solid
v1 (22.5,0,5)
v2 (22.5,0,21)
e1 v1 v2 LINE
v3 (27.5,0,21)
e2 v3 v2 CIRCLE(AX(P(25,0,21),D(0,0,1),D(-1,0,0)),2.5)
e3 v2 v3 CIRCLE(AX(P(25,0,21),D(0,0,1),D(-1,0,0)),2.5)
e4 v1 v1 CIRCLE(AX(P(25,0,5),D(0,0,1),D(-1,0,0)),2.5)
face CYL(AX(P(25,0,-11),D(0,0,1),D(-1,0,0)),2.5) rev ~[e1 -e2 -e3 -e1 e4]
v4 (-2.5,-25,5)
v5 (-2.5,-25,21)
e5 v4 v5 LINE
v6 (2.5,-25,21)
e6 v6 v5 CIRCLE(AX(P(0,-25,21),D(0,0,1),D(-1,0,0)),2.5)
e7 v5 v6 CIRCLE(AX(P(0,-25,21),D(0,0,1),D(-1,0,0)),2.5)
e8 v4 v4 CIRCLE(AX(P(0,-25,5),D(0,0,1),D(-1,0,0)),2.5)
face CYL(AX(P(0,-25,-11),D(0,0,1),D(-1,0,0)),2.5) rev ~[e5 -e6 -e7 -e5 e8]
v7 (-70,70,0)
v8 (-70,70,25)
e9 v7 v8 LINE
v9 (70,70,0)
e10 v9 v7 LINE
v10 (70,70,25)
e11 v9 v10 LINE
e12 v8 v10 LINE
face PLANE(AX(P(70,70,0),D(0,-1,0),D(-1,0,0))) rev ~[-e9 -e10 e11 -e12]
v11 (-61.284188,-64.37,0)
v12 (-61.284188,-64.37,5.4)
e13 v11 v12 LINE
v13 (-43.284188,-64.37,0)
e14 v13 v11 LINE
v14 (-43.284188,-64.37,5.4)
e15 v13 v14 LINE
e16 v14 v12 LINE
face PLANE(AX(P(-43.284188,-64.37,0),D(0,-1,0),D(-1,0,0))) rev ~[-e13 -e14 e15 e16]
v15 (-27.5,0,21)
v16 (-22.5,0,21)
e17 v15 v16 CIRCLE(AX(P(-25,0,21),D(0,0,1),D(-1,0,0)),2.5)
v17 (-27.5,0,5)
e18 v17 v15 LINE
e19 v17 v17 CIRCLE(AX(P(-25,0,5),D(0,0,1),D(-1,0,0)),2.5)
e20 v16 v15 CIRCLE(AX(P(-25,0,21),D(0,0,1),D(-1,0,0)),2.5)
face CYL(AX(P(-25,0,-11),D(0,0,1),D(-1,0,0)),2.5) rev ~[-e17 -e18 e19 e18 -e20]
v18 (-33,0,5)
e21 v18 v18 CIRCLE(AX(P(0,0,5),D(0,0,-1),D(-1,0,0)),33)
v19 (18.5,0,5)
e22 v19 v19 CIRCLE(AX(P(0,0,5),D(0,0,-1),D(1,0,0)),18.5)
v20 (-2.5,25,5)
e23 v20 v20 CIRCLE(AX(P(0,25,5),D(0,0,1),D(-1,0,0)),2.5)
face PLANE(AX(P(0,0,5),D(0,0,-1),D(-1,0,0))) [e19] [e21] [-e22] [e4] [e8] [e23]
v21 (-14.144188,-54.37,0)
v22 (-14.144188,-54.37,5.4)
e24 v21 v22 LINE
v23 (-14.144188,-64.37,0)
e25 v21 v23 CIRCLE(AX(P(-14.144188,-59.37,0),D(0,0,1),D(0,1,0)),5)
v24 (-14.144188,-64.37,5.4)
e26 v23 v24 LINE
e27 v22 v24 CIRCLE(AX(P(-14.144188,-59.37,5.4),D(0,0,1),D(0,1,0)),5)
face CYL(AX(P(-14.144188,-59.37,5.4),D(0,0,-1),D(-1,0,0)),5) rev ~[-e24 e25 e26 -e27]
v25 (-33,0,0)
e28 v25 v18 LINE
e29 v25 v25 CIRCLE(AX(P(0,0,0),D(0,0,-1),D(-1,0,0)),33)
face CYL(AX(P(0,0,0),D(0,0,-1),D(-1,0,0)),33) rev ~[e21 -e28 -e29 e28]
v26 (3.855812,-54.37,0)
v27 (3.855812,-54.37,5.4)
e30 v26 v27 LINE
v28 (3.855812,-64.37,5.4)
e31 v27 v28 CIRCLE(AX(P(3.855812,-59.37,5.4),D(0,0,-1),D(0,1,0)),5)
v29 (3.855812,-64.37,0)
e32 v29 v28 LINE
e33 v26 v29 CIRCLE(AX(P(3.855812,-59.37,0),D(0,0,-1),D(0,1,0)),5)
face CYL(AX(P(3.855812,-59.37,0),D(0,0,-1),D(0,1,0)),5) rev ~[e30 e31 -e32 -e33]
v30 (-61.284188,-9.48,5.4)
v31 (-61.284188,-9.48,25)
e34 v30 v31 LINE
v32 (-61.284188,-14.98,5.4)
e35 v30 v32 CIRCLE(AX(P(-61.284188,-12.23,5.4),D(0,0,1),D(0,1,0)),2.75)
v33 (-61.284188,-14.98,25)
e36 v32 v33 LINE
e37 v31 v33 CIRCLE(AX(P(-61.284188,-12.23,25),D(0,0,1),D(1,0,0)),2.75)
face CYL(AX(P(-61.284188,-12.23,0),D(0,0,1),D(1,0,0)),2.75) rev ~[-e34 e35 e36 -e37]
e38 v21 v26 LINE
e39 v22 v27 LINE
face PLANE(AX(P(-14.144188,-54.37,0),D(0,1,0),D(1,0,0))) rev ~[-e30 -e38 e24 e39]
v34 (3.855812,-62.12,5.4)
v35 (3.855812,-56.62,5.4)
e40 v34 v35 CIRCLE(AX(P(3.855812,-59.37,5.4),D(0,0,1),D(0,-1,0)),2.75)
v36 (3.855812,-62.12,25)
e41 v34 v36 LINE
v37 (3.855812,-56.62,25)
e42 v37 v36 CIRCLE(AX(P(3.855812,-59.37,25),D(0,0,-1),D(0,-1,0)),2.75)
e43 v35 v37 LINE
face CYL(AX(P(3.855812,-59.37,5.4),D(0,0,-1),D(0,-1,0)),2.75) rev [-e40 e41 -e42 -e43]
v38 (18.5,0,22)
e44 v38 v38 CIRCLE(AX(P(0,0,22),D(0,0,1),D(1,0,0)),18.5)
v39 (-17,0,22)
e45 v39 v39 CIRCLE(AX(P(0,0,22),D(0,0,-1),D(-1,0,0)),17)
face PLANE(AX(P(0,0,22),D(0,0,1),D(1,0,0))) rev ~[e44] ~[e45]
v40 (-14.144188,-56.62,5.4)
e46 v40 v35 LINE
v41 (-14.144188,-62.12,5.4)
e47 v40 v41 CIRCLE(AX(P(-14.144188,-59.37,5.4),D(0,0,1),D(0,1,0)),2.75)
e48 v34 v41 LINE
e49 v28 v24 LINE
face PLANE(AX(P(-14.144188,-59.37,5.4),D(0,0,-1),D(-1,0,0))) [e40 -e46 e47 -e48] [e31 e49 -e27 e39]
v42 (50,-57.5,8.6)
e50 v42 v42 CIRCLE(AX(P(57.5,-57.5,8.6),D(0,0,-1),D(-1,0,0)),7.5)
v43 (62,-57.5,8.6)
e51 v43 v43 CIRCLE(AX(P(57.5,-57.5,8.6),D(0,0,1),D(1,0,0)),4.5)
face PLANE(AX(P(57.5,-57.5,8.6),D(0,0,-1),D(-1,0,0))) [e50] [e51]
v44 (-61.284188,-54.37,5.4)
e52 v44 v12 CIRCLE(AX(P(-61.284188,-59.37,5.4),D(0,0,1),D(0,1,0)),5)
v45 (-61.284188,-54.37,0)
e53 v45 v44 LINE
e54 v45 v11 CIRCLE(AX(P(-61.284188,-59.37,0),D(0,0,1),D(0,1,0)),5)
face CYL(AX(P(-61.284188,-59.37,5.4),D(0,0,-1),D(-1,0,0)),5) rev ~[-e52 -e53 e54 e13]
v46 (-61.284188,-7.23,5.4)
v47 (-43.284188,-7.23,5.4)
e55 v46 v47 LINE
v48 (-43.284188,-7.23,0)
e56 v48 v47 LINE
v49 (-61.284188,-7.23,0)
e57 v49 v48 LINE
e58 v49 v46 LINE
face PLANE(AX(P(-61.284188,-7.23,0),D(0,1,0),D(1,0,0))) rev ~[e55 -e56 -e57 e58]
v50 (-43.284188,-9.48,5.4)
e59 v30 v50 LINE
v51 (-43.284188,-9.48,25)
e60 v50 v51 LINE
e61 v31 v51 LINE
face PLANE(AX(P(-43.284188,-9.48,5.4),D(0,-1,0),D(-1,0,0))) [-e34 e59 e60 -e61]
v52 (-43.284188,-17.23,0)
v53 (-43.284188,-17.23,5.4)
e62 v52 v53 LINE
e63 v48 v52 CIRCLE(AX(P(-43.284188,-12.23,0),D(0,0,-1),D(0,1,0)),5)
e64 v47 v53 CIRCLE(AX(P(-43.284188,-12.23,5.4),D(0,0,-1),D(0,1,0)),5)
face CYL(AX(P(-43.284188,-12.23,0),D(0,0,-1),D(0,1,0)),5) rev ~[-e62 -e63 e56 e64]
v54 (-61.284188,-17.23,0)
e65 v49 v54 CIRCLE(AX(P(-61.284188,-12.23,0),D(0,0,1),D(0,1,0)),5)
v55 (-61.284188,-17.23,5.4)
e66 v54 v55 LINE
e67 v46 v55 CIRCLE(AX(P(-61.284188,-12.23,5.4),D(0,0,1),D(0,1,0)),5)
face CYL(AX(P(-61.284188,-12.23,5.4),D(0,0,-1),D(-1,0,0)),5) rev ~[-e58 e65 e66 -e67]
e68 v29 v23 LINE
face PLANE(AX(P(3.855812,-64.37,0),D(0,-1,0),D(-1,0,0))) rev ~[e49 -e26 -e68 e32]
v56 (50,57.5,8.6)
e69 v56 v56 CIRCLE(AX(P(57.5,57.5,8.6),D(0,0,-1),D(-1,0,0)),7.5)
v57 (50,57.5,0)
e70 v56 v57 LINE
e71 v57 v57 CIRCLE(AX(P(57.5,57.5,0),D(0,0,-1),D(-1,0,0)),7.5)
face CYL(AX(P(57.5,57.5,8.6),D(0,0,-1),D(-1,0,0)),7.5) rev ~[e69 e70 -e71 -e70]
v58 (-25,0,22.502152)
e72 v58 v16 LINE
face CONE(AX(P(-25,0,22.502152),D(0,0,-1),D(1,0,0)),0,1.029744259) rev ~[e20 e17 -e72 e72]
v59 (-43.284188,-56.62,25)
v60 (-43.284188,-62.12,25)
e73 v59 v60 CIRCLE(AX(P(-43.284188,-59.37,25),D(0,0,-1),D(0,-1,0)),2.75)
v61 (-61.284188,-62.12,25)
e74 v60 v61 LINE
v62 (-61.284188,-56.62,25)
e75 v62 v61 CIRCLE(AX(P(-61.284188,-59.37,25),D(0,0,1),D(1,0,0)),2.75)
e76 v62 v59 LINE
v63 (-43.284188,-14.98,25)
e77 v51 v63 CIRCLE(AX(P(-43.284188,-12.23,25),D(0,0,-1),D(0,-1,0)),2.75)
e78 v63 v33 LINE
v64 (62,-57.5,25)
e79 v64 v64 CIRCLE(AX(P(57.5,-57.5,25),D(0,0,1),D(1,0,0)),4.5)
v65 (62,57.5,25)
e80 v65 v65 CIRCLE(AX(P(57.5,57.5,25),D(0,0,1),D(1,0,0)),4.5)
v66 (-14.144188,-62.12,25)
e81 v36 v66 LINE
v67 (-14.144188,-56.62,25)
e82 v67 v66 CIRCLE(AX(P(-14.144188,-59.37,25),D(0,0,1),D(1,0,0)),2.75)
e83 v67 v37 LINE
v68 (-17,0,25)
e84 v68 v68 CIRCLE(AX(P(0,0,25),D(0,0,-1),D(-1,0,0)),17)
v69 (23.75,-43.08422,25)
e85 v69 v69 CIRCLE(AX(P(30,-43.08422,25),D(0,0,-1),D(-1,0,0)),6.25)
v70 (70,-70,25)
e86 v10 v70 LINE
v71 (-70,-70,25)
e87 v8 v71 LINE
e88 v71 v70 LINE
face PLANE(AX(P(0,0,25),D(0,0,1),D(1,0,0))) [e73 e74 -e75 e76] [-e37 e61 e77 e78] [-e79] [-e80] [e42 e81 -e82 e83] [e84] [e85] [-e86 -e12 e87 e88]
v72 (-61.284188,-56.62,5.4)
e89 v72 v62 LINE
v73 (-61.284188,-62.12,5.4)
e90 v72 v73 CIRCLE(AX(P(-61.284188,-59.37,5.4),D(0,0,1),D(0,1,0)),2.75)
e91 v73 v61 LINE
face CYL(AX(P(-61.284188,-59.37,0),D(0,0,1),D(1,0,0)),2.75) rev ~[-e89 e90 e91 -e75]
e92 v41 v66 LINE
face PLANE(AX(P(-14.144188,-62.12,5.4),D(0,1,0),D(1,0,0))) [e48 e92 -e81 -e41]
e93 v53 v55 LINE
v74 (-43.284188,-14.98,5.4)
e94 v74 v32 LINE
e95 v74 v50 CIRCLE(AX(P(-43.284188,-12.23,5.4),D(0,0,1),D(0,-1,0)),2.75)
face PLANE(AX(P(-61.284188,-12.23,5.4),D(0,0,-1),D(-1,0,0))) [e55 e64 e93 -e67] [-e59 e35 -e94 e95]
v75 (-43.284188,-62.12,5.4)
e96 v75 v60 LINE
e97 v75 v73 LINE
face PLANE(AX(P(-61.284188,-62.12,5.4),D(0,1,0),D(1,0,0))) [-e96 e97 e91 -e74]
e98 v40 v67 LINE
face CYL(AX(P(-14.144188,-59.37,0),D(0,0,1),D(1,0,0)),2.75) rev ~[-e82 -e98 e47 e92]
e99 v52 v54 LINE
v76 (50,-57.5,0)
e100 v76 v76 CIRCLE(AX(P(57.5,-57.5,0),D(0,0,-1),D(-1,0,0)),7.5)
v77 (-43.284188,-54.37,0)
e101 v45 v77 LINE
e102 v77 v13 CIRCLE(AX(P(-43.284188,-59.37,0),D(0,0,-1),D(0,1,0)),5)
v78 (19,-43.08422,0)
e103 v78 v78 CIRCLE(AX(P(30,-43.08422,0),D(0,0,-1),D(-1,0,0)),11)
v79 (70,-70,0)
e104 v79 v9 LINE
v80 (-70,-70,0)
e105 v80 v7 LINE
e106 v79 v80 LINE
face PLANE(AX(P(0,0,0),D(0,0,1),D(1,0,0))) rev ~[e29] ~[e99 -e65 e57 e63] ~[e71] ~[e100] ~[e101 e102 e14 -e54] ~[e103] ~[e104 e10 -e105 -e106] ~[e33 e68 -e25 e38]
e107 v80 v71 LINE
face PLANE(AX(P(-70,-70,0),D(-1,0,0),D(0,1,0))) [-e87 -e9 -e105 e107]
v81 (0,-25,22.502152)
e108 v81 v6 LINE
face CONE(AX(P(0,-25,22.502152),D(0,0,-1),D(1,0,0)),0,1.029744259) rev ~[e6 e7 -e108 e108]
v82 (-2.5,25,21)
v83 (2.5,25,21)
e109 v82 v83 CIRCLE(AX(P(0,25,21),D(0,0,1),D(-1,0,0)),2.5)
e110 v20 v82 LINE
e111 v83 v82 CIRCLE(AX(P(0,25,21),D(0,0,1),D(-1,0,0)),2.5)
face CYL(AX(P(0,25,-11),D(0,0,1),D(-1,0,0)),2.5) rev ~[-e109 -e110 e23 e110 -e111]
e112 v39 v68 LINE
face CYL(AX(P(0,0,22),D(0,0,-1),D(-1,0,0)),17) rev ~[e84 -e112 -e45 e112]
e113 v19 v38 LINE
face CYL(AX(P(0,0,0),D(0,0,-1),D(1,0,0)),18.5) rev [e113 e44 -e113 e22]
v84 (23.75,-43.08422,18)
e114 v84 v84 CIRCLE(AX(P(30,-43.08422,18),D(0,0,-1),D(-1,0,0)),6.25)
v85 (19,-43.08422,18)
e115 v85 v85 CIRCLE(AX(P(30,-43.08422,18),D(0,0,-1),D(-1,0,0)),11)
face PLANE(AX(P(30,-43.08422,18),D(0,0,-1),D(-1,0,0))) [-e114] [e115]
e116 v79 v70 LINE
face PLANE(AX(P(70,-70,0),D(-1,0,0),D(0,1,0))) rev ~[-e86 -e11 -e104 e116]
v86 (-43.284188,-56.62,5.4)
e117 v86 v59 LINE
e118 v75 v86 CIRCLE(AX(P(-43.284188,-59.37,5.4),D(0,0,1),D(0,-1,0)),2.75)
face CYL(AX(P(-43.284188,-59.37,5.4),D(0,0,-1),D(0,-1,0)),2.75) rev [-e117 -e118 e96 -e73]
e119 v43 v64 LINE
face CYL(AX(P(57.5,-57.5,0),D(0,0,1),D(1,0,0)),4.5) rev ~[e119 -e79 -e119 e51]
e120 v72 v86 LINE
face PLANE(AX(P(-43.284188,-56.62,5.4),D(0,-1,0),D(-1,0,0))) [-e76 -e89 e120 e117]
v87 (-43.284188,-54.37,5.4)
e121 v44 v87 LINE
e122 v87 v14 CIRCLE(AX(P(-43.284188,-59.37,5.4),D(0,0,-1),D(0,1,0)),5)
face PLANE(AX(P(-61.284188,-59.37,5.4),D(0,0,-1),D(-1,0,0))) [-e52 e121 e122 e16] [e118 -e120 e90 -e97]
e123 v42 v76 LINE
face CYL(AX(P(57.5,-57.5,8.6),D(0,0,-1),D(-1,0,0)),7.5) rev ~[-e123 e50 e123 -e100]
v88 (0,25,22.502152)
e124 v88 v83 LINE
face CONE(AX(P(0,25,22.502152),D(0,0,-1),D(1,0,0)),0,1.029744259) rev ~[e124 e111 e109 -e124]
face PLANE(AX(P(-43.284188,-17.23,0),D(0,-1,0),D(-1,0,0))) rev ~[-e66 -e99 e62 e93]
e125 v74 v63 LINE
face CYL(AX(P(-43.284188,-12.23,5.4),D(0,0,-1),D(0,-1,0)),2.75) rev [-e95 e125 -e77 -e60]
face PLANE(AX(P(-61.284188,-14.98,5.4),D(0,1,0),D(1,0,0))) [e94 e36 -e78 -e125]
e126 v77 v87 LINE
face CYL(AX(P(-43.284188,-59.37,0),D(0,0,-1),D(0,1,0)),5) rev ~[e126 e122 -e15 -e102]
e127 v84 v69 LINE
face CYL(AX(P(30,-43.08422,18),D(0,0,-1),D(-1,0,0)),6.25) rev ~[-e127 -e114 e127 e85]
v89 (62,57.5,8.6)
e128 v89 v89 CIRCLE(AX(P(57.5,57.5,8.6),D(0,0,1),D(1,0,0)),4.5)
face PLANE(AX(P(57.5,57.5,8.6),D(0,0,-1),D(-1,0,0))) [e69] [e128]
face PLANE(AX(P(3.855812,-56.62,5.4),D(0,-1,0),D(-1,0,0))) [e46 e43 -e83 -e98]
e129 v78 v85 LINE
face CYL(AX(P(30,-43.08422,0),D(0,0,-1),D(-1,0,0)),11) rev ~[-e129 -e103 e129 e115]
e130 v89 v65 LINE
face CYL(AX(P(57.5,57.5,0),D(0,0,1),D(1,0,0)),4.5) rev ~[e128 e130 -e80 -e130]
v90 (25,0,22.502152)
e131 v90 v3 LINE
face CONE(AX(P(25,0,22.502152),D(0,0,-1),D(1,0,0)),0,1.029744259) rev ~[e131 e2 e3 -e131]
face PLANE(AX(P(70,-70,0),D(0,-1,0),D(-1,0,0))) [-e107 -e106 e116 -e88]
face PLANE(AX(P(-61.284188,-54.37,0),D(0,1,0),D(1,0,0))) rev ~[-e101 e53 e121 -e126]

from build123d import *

# Parameters (mm, degrees)
ESQUISSE1_W                                        = 150
ESQUISSE1_H                                        = 150
BOSS_EXTRU_1_DEPTH                                 = 25
CHAMBRAGE_POUR_VIS_T_TE_HEXAGONALE_M81_D           = 9
CHAMBRAGE_POUR_VIS_T_TE_HEXAGONALE_M81_CBORE_D     = 15
CHAMBRAGE_POUR_VIS_T_TE_HEXAGONALE_M81_CBORE_DEPTH = 8.6
CHAMBRAGE_POUR_VIS_T_TE_HEXAGONALE_M51_D           = 5.5
CHAMBRAGE_POUR_VIS_T_TE_HEXAGONALE_M51_CBORE_D     = 10
CHAMBRAGE_POUR_VIS_T_TE_HEXAGONALE_M51_CBORE_DEPTH = 5.4
ESQUISSE13_R                                       = 18.5
ENL_V_MAT_EXTRU_1_DEPTH                            = 22
ESQUISSE14_R                                       = 17
ENL_V_MAT_EXTRU_2_DEPTH                            = 4
ESQUISSE31_R                                       = 33
ENL_V_MAT_EXTRU_11_DEPTH                           = 5
TROU_POUR_TARAUDAGE_POUR_TROU_TARAUD_M6_D          = 5
TROU_POUR_TARAUDAGE_POUR_TROU_TARAUD_M6_DEPTH      = 16
TROU_POUR_TARAUDAGE_POUR_TROU_TARAUD_M6_TIP        = 1.502151548
ESQUISSE27_R                                       = 11
ENL_V_MAT_EXTRU_7_DEPTH                            = 18
ESQUISSE28_R                                       = 6.25
ENL_V_MAT_EXTRU_8_DEPTH                            = 8
ENL_V_MAT_EXTRU_9_DEPTH                            = 20.6
ENL_V_MAT_EXTRU_10_DEPTH                           = 5.4
ESQUISSE32_R                                       = 129.983308099
ESQUISSE32_W                                       = 140
ESQUISSE32_H                                       = 140
ENL_V_MAT_EXTRU_12_DEPTH                           = 26


with BuildPart() as part:
    # Esquisse1 → Boss.-Extru.1 (new body)
    with BuildSketch(Plane.XY):
        Rectangle(ESQUISSE1_W, ESQUISSE1_H)
    extrude(amount=BOSS_EXTRU_1_DEPTH)

    # Chambrage pour vis à tête hexagonale M81 (through all)
    with Locations(Plane(origin=(0, 0, 0), x_dir=(-1, 0, 0), z_dir=(0, 0, -1))):
        with Locations((-57.5, -57.5), (-57.5, 57.5)):
            CounterBoreHole(CHAMBRAGE_POUR_VIS_T_TE_HEXAGONALE_M81_D / 2, CHAMBRAGE_POUR_VIS_T_TE_HEXAGONALE_M81_CBORE_D / 2, CHAMBRAGE_POUR_VIS_T_TE_HEXAGONALE_M81_CBORE_DEPTH)

    # Chambrage pour vis à tête hexagonale M51 (through all)
    with Locations(Plane(origin=(0, 0, 0), x_dir=(-1, 0, 0), z_dir=(0, 0, -1))):
        with Locations((14.144188312, -59.37), (61.284188312, -59.37), (61.284188312, -12.23)):
            CounterBoreHole(CHAMBRAGE_POUR_VIS_T_TE_HEXAGONALE_M51_D / 2, CHAMBRAGE_POUR_VIS_T_TE_HEXAGONALE_M51_CBORE_D / 2, CHAMBRAGE_POUR_VIS_T_TE_HEXAGONALE_M51_CBORE_DEPTH)

    # Esquisse13 → Enlèv. mat.-Extru.1 (cut)
    with BuildSketch(Plane.XY):
        Circle(ESQUISSE13_R)
    extrude(amount=ENL_V_MAT_EXTRU_1_DEPTH, mode=Mode.SUBTRACT)

    # Esquisse14 → Enlèv. mat.-Extru.2 (cut, through all)
    with BuildSketch(Plane(origin=(0, 0, 22), x_dir=(-1, 0, 0), z_dir=(0, 0, -1))):
        Circle(ESQUISSE14_R)
    extrude(amount=-ENL_V_MAT_EXTRU_2_DEPTH, mode=Mode.SUBTRACT)

    # Esquisse31 → Enlèv. mat.-Extru.11 (cut)
    with BuildSketch(Plane(origin=(0, 0, 0), x_dir=(-1, 0, 0), z_dir=(0, 0, -1))):
        Circle(ESQUISSE31_R)
    extrude(amount=-ENL_V_MAT_EXTRU_11_DEPTH, mode=Mode.SUBTRACT)

    # Trou pour taraudage pour trou taraudé M61
    with Locations(Plane(origin=(0, 0, 5), x_dir=(1, 0, 0), z_dir=(0, 0, -1))):
        with Locations((0, 25), (-25, 0), (0, -25), (25, 0), (0, 0)):
            Hole(TROU_POUR_TARAUDAGE_POUR_TROU_TARAUD_M6_D / 2, depth=TROU_POUR_TARAUDAGE_POUR_TROU_TARAUD_M6_DEPTH)
            with Locations((0, 0, -(TROU_POUR_TARAUDAGE_POUR_TROU_TARAUD_M6_DEPTH + TROU_POUR_TARAUDAGE_POUR_TROU_TARAUD_M6_TIP / 2))):  # 118° drill point
                Cone(0, TROU_POUR_TARAUDAGE_POUR_TROU_TARAUD_M6_D / 2, TROU_POUR_TARAUDAGE_POUR_TROU_TARAUD_M6_TIP, mode=Mode.SUBTRACT)

    # Esquisse27 → Enlèv. mat.-Extru.7 (cut)
    with BuildSketch(Plane(origin=(0, 0, 0), x_dir=(-1, 0, 0), z_dir=(0, 0, -1))):
        with Locations((-30, -43.084219849)):
            Circle(ESQUISSE27_R)
    extrude(amount=-ENL_V_MAT_EXTRU_7_DEPTH, mode=Mode.SUBTRACT)

    # Esquisse28 → Enlèv. mat.-Extru.8 (cut, through all)
    with BuildSketch(Plane(origin=(0, 0, 18), x_dir=(-1, 0, 0), z_dir=(0, 0, -1))):
        with Locations((-30, -43.084219849)):
            Circle(ESQUISSE28_R)
    extrude(amount=-ENL_V_MAT_EXTRU_8_DEPTH, mode=Mode.SUBTRACT)

    # Esquisse29 → Enlèv. mat.-Extru.9 (cut, through all)
    with BuildSketch(Plane(origin=(0, 0, 5.4), x_dir=(-1, 0, 0), z_dir=(0, 0, -1))):
        with BuildLine():
            Line((61.284188312, -62.12), (43.284188312, -62.12))
            ThreePointArc((43.284188312, -62.12), (40.534188312, -59.37), (43.284188312, -56.62))
            Line((43.284188312, -56.62), (61.284188312, -56.62))
            ThreePointArc((61.284188312, -56.62), (64.034188312, -59.37), (61.284188312, -62.12))
        make_face()
        with BuildLine():
            Line((14.144188312, -62.12), (-3.855811688, -62.12))
            ThreePointArc((-3.855811688, -62.12), (-6.605811688, -59.37), (-3.855811688, -56.62))
            Line((-3.855811688, -56.62), (14.144188312, -56.62))
            ThreePointArc((14.144188312, -56.62), (16.894188312, -59.37), (14.144188312, -62.12))
        make_face()
        with BuildLine():
            Line((61.284188312, -14.98), (43.284188312, -14.98))
            ThreePointArc((43.284188312, -14.98), (40.534188312, -12.23), (43.284188312, -9.48))
            Line((43.284188312, -9.48), (61.284188312, -9.48))
            ThreePointArc((61.284188312, -9.48), (64.034188312, -12.23), (61.284188312, -14.98))
        make_face()
    extrude(amount=-ENL_V_MAT_EXTRU_9_DEPTH, mode=Mode.SUBTRACT)

    # Esquisse30 → Enlèv. mat.-Extru.10 (cut)
    with BuildSketch(Plane(origin=(0, 0, 0), x_dir=(-1, 0, 0), z_dir=(0, 0, -1))):
        with BuildLine():
            Line((-3.855811688, -64.37), (14.144188312, -64.37))
            ThreePointArc((14.144188312, -64.37), (19.144188312, -59.37), (14.144188312, -54.37))
            Line((14.144188312, -54.37), (-3.855811688, -54.37))
            ThreePointArc((-3.855811688, -54.37), (-8.855811688, -59.37), (-3.855811688, -64.37))
        make_face()
        with BuildLine():
            Line((43.284188312, -64.37), (61.284188312, -64.37))
            ThreePointArc((61.284188312, -64.37), (66.284188312, -59.37), (61.284188312, -54.37))
            Line((61.284188312, -54.37), (43.284188312, -54.37))
            ThreePointArc((43.284188312, -54.37), (38.284188312, -59.37), (43.284188312, -64.37))
        make_face()
        with BuildLine():
            Line((43.284188312, -17.23), (61.284188312, -17.23))
            ThreePointArc((61.284188312, -17.23), (66.284188312, -12.23), (61.284188312, -7.23))
            Line((61.284188312, -7.23), (43.284188312, -7.23))
            ThreePointArc((43.284188312, -7.23), (38.284188312, -12.23), (43.284188312, -17.23))
        make_face()
    extrude(amount=-ENL_V_MAT_EXTRU_10_DEPTH, mode=Mode.SUBTRACT)

    # Esquisse32 → Enlèv. mat.-Extru.12 (cut, through all)
    with BuildSketch(Plane(origin=(0, 0, 0), x_dir=(-1, 0, 0), z_dir=(0, 0, -1))):
        Circle(ESQUISSE32_R)
        Rectangle(ESQUISSE32_W, ESQUISSE32_H, mode=Mode.SUBTRACT)
    extrude(amount=-ENL_V_MAT_EXTRU_12_DEPTH, mode=Mode.SUBTRACT)


solid = part.part
